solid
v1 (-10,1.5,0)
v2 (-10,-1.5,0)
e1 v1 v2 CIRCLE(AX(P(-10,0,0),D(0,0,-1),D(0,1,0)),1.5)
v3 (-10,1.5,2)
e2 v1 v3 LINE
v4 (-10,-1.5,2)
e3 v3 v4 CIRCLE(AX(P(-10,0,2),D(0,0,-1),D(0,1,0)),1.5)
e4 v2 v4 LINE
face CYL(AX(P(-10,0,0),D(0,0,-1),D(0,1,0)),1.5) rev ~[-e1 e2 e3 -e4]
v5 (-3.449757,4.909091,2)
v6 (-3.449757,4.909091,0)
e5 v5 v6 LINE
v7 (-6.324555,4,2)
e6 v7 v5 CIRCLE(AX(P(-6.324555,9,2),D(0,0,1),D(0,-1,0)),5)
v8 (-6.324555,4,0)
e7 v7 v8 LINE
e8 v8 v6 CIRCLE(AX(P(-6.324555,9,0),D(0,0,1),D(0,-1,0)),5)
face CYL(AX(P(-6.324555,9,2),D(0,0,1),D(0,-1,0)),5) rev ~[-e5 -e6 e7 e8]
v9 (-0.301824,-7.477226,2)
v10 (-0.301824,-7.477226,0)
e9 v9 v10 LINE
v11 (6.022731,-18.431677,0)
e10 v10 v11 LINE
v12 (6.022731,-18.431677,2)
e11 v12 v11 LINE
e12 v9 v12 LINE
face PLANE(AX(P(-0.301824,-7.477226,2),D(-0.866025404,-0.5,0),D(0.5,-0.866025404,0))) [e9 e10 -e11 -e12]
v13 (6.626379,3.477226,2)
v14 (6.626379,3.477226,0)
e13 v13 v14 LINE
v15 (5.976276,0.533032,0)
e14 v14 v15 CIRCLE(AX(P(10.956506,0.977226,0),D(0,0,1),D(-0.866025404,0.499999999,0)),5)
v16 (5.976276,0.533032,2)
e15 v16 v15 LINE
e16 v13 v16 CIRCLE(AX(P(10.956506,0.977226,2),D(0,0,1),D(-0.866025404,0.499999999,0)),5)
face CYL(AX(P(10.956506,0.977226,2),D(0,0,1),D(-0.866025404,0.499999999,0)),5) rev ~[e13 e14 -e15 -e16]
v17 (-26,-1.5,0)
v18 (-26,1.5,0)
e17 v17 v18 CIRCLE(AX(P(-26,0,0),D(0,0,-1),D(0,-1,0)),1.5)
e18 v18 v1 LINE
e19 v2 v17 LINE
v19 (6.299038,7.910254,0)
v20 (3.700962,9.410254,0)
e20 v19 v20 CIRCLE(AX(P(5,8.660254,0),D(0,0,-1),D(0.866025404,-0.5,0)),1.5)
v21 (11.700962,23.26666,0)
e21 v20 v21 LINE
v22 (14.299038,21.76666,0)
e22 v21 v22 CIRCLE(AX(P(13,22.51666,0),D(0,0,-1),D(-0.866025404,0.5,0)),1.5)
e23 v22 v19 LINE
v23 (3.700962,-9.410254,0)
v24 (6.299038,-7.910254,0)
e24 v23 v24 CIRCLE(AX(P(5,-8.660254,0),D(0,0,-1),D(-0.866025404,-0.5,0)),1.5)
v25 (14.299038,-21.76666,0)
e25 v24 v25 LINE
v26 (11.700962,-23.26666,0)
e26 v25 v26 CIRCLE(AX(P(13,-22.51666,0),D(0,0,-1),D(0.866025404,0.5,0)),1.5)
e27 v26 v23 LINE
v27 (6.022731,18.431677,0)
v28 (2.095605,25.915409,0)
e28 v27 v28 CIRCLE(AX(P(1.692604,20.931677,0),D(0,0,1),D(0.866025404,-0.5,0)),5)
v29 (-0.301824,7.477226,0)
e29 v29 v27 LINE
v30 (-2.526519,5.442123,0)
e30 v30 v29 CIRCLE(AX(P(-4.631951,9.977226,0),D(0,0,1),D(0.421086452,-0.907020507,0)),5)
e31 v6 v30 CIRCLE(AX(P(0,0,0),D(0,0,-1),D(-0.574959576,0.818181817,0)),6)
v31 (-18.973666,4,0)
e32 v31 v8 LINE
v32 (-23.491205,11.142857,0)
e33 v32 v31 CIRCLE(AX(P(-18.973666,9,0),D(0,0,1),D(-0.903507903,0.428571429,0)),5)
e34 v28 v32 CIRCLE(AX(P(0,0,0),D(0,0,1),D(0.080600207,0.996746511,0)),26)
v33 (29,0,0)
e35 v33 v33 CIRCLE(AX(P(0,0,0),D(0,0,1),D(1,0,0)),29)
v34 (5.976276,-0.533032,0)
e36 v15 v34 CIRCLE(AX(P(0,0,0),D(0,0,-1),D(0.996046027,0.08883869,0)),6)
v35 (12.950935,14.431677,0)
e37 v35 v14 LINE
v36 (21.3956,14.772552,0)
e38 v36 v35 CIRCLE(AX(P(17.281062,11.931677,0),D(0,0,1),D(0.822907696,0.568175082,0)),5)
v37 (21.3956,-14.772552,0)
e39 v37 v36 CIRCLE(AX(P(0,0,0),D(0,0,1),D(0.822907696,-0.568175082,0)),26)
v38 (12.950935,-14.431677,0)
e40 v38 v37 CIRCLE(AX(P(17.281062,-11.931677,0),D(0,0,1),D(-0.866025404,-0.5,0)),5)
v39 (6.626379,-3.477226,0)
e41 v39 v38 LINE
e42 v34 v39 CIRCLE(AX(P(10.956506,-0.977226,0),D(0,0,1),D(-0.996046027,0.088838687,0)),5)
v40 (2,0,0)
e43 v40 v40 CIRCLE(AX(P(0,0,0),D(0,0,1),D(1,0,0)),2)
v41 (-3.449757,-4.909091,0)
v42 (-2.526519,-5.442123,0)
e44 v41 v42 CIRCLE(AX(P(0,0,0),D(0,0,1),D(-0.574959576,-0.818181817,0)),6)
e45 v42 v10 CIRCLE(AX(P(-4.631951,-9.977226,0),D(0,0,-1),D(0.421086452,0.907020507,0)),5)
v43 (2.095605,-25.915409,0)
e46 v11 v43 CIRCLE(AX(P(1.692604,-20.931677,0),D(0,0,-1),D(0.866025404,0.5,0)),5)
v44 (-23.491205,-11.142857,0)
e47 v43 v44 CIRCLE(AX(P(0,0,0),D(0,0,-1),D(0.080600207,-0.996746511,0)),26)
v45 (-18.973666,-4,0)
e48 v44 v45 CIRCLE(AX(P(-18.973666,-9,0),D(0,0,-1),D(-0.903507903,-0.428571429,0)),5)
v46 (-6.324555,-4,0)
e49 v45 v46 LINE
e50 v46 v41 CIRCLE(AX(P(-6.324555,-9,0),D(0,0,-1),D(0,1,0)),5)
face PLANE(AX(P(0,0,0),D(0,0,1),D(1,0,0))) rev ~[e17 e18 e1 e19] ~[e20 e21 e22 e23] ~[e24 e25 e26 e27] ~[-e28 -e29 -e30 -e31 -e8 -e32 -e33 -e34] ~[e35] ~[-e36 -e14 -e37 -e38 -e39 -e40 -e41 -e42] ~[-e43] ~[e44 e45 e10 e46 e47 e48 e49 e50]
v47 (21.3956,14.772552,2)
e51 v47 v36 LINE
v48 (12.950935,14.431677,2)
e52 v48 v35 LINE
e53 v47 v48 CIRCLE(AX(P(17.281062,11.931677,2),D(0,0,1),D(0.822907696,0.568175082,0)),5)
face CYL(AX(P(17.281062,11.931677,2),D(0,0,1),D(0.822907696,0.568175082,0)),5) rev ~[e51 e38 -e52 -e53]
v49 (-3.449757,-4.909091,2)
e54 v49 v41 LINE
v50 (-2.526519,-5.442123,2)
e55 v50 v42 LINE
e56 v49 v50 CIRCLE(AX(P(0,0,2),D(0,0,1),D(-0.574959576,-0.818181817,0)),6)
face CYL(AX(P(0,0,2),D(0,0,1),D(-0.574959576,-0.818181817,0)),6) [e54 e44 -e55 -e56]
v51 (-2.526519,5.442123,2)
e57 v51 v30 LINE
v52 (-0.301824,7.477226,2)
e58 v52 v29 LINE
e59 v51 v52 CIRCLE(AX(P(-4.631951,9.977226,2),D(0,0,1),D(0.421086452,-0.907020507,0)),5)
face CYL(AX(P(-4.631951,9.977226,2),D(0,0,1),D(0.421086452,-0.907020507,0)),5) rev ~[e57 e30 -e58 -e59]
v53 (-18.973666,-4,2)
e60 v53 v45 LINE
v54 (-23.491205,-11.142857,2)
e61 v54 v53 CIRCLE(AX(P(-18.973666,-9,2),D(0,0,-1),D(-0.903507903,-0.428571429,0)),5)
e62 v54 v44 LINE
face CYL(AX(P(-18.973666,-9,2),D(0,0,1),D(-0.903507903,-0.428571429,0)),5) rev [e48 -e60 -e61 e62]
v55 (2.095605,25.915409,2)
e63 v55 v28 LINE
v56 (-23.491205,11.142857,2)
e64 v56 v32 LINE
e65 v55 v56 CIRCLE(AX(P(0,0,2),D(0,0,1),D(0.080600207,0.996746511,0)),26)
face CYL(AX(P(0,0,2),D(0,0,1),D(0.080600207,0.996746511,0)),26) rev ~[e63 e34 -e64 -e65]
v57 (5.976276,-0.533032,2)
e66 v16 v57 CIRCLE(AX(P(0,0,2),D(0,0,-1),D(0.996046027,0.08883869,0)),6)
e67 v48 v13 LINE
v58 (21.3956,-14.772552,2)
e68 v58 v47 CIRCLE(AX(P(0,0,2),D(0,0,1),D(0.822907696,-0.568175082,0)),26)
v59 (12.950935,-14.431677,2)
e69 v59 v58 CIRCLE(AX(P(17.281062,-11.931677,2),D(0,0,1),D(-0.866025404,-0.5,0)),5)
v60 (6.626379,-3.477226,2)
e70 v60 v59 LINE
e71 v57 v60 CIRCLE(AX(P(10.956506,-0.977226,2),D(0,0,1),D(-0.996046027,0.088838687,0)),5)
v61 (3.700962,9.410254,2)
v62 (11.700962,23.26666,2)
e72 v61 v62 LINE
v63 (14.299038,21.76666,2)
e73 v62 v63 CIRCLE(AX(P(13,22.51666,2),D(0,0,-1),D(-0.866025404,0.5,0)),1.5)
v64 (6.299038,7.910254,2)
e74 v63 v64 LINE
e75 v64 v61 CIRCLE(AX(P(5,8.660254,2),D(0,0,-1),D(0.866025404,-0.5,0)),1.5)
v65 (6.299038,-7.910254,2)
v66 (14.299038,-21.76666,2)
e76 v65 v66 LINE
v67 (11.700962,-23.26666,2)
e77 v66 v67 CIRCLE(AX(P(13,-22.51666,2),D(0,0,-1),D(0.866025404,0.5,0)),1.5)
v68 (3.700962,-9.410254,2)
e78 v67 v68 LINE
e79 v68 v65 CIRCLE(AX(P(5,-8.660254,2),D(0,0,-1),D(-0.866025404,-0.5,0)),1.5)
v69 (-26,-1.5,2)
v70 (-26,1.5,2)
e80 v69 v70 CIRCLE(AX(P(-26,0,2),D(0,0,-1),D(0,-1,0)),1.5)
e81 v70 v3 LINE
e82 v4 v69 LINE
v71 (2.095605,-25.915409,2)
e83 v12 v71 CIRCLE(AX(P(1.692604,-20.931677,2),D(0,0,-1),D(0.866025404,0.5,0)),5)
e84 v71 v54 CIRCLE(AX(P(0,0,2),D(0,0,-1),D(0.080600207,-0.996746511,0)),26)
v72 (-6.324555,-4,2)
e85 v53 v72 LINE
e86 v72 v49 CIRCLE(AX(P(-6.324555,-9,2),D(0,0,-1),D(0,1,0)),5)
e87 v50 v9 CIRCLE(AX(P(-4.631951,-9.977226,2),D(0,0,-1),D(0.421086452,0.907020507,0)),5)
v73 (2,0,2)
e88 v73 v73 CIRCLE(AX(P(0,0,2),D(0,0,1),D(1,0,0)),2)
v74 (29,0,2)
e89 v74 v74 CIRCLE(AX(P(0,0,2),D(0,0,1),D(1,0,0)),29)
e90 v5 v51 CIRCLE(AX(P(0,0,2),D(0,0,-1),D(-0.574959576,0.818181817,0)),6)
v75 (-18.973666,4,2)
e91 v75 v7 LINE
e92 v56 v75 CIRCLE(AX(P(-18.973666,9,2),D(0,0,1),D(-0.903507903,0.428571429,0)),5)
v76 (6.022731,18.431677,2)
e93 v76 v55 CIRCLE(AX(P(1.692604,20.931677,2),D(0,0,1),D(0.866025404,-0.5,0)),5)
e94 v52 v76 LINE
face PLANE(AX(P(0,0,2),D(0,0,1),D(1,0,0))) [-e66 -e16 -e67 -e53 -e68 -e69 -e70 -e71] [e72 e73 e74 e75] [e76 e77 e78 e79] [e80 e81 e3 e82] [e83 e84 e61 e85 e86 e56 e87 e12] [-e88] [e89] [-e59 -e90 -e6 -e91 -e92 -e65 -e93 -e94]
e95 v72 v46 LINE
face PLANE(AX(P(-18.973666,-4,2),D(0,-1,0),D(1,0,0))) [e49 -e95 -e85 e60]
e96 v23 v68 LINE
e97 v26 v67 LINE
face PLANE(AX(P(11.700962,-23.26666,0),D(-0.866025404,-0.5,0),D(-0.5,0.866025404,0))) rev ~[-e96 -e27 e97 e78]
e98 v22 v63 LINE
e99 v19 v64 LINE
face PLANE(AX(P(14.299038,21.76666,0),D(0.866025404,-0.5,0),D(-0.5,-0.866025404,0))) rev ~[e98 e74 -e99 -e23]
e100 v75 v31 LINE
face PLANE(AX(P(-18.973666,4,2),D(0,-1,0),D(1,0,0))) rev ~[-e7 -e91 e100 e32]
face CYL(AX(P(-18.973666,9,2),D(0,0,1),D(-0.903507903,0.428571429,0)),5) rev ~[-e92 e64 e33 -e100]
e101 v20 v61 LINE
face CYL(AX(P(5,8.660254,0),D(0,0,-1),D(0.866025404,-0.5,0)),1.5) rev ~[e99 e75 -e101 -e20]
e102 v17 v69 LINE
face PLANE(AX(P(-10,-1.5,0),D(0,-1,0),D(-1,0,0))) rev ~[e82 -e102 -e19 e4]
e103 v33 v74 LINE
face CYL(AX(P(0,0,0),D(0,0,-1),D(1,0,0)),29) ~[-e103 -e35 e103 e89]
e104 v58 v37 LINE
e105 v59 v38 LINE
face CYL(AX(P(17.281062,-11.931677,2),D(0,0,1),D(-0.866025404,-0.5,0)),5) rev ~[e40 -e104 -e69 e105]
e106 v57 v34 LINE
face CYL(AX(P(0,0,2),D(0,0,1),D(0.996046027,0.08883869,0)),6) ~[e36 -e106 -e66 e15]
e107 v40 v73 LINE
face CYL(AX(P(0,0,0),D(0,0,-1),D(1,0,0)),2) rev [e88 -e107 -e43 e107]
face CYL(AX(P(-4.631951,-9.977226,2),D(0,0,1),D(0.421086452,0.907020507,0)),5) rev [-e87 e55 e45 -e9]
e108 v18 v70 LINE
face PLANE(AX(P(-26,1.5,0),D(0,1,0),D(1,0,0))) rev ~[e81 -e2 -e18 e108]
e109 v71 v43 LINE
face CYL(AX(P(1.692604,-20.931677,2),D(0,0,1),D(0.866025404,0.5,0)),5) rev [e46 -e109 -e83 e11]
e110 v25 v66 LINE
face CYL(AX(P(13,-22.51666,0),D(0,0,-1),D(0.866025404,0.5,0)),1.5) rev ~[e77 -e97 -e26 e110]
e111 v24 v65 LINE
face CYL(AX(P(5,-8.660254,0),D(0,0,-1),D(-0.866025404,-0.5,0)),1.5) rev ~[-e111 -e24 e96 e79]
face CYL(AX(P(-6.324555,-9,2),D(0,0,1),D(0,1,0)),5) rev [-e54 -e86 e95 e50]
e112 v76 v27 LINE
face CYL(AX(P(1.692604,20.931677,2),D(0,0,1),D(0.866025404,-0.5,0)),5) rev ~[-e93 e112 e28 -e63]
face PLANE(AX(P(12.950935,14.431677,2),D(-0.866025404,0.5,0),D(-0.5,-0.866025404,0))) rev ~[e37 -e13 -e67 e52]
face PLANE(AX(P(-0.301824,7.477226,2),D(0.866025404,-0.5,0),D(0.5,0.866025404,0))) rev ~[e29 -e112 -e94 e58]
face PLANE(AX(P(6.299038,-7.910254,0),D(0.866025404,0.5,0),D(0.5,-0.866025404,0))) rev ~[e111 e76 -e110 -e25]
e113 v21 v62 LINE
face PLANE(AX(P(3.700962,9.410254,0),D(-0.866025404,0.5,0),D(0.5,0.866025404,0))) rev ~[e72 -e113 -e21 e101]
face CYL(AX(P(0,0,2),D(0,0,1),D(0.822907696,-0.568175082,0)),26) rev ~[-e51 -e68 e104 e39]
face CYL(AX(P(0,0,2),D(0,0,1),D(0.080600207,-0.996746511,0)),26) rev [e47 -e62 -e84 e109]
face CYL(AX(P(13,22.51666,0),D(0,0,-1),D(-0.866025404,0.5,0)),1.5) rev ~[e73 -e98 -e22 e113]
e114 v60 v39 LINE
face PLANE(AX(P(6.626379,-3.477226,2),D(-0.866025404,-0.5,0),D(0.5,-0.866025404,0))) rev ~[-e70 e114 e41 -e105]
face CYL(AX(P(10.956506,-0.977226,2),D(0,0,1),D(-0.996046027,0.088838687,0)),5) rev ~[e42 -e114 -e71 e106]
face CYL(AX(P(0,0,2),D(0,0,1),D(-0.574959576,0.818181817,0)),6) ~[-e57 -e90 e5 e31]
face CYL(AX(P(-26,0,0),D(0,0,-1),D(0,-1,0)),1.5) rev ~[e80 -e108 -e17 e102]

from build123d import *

# Parameters (mm, degrees)
SKETCH_1_R          = 29
SKETCH_1_R_2        = 2
EXTRUDE_1_DEPTH     = 2
CUT_EXTRUDE_1_DEPTH = 2


with BuildPart() as part:
    # 草图1 → 凸台-拉伸1 (new body)
    with BuildSketch(Plane.XY):
        Circle(SKETCH_1_R)
        Circle(SKETCH_1_R_2, mode=Mode.SUBTRACT)
        with BuildLine():
            Line((-10, -1.5), (-26, -1.5))
            ThreePointArc((-26, -1.5), (-27.5, 0), (-26, 1.5))
            Line((-26, 1.5), (-10, 1.5))
            ThreePointArc((-10, 1.5), (-8.5, 0), (-10, -1.5))
        make_face(mode=Mode.SUBTRACT)
        with BuildLine():
            Line((3.700961894, 9.410254038), (11.700961894, 23.266660498))
            ThreePointArc((11.700961894, 23.266660498), (13.75, 23.815698604), (14.299038106, 21.766660498))
            Line((14.299038106, 21.766660498), (6.299038106, 7.910254038))
            ThreePointArc((6.299038106, 7.910254038), (4.25, 7.361215932), (3.700961894, 9.410254038))
        make_face(mode=Mode.SUBTRACT)
        with BuildLine():
            Line((6.299038106, -7.910254038), (14.299038106, -21.766660498))
            ThreePointArc((14.299038106, -21.766660498), (13.75, -23.815698604), (11.700961894, -23.266660498))
            Line((11.700961894, -23.266660498), (3.700961894, -9.410254038))
            ThreePointArc((3.700961894, -9.410254038), (4.25, -7.361215932), (6.299038106, -7.910254038))
        make_face(mode=Mode.SUBTRACT)
    extrude(amount=EXTRUDE_1_DEPTH)

    # 草图2 → 切除-拉伸1 (cut)
    with BuildSketch(Plane.XY.offset(2)):
        with BuildLine():
            Line((-18.973665961, 4), (-6.32455532, 4))
            ThreePointArc((-6.32455532, 4), (-4.816998597, 4.232687054), (-3.449757447, 4.909090909))
            ThreePointArc((-3.449757447, 4.909090909), (-3, 5.196152423), (-2.526518713, 5.442123041))
            ThreePointArc((-2.526518713, 5.442123041), (-1.257115216, 6.287986682), (-0.301823955, 7.477225575))
            Line((-0.301823955, 7.477225575), (6.022731365, 18.431676725))
            ThreePointArc((6.022731365, 18.431676725), (6.120040233, 23.254995789), (2.095605381, 25.915409279))
            ThreePointArc((2.095605381, 25.915409279), (-13, 22.516660498), (-23.491205476, 11.142857143))
            ThreePointArc((-23.491205476, 11.142857143), (-23.199437235, 6.327387581), (-18.973665961, 4))
        make_face()
        with BuildLine():
            Line((-18.973665961, -4), (-6.32455532, -4))
            ThreePointArc((-6.32455532, -4), (-4.816998597, -4.232687054), (-3.449757447, -4.909090909))
            ThreePointArc((-3.449757447, -4.909090909), (-3, -5.196152423), (-2.526518713, -5.442123041))
            ThreePointArc((-2.526518713, -5.442123041), (-1.257115216, -6.287986682), (-0.301823955, -7.477225575))
            Line((-0.301823955, -7.477225575), (6.022731365, -18.431676725))
            ThreePointArc((6.022731365, -18.431676725), (6.120040233, -23.254995789), (2.095605381, -25.915409279))
            ThreePointArc((2.095605381, -25.915409279), (-13, -22.516660498), (-23.491205476, -11.142857143))
            ThreePointArc((-23.491205476, -11.142857143), (-23.199437235, -6.327387581), (-18.973665961, -4))
        make_face()
        with BuildLine():
            Line((12.950934596, 14.431676725), (6.626379275, 3.477225575))
            ThreePointArc((6.626379275, 3.477225575), (6.074113814, 2.055299628), (5.97627616, 0.533032132))
            ThreePointArc((5.97627616, 0.533032132), (6, 0), (5.97627616, -0.533032132))
            ThreePointArc((5.97627616, -0.533032132), (6.074113814, -2.055299628), (6.626379275, -3.477225575))
            Line((6.626379275, -3.477225575), (12.950934596, -14.431676725))
            ThreePointArc((12.950934596, -14.431676725), (17.079397002, -16.927608208), (21.395600094, -14.772552136))
            ThreePointArc((21.395600094, -14.772552136), (26, 0), (21.395600094, 14.772552136))
            ThreePointArc((21.395600094, 14.772552136), (17.079397002, 16.927608208), (12.950934596, 14.431676725))
        make_face()
    extrude(amount=-CUT_EXTRUDE_1_DEPTH, mode=Mode.SUBTRACT)


solid = part.part
